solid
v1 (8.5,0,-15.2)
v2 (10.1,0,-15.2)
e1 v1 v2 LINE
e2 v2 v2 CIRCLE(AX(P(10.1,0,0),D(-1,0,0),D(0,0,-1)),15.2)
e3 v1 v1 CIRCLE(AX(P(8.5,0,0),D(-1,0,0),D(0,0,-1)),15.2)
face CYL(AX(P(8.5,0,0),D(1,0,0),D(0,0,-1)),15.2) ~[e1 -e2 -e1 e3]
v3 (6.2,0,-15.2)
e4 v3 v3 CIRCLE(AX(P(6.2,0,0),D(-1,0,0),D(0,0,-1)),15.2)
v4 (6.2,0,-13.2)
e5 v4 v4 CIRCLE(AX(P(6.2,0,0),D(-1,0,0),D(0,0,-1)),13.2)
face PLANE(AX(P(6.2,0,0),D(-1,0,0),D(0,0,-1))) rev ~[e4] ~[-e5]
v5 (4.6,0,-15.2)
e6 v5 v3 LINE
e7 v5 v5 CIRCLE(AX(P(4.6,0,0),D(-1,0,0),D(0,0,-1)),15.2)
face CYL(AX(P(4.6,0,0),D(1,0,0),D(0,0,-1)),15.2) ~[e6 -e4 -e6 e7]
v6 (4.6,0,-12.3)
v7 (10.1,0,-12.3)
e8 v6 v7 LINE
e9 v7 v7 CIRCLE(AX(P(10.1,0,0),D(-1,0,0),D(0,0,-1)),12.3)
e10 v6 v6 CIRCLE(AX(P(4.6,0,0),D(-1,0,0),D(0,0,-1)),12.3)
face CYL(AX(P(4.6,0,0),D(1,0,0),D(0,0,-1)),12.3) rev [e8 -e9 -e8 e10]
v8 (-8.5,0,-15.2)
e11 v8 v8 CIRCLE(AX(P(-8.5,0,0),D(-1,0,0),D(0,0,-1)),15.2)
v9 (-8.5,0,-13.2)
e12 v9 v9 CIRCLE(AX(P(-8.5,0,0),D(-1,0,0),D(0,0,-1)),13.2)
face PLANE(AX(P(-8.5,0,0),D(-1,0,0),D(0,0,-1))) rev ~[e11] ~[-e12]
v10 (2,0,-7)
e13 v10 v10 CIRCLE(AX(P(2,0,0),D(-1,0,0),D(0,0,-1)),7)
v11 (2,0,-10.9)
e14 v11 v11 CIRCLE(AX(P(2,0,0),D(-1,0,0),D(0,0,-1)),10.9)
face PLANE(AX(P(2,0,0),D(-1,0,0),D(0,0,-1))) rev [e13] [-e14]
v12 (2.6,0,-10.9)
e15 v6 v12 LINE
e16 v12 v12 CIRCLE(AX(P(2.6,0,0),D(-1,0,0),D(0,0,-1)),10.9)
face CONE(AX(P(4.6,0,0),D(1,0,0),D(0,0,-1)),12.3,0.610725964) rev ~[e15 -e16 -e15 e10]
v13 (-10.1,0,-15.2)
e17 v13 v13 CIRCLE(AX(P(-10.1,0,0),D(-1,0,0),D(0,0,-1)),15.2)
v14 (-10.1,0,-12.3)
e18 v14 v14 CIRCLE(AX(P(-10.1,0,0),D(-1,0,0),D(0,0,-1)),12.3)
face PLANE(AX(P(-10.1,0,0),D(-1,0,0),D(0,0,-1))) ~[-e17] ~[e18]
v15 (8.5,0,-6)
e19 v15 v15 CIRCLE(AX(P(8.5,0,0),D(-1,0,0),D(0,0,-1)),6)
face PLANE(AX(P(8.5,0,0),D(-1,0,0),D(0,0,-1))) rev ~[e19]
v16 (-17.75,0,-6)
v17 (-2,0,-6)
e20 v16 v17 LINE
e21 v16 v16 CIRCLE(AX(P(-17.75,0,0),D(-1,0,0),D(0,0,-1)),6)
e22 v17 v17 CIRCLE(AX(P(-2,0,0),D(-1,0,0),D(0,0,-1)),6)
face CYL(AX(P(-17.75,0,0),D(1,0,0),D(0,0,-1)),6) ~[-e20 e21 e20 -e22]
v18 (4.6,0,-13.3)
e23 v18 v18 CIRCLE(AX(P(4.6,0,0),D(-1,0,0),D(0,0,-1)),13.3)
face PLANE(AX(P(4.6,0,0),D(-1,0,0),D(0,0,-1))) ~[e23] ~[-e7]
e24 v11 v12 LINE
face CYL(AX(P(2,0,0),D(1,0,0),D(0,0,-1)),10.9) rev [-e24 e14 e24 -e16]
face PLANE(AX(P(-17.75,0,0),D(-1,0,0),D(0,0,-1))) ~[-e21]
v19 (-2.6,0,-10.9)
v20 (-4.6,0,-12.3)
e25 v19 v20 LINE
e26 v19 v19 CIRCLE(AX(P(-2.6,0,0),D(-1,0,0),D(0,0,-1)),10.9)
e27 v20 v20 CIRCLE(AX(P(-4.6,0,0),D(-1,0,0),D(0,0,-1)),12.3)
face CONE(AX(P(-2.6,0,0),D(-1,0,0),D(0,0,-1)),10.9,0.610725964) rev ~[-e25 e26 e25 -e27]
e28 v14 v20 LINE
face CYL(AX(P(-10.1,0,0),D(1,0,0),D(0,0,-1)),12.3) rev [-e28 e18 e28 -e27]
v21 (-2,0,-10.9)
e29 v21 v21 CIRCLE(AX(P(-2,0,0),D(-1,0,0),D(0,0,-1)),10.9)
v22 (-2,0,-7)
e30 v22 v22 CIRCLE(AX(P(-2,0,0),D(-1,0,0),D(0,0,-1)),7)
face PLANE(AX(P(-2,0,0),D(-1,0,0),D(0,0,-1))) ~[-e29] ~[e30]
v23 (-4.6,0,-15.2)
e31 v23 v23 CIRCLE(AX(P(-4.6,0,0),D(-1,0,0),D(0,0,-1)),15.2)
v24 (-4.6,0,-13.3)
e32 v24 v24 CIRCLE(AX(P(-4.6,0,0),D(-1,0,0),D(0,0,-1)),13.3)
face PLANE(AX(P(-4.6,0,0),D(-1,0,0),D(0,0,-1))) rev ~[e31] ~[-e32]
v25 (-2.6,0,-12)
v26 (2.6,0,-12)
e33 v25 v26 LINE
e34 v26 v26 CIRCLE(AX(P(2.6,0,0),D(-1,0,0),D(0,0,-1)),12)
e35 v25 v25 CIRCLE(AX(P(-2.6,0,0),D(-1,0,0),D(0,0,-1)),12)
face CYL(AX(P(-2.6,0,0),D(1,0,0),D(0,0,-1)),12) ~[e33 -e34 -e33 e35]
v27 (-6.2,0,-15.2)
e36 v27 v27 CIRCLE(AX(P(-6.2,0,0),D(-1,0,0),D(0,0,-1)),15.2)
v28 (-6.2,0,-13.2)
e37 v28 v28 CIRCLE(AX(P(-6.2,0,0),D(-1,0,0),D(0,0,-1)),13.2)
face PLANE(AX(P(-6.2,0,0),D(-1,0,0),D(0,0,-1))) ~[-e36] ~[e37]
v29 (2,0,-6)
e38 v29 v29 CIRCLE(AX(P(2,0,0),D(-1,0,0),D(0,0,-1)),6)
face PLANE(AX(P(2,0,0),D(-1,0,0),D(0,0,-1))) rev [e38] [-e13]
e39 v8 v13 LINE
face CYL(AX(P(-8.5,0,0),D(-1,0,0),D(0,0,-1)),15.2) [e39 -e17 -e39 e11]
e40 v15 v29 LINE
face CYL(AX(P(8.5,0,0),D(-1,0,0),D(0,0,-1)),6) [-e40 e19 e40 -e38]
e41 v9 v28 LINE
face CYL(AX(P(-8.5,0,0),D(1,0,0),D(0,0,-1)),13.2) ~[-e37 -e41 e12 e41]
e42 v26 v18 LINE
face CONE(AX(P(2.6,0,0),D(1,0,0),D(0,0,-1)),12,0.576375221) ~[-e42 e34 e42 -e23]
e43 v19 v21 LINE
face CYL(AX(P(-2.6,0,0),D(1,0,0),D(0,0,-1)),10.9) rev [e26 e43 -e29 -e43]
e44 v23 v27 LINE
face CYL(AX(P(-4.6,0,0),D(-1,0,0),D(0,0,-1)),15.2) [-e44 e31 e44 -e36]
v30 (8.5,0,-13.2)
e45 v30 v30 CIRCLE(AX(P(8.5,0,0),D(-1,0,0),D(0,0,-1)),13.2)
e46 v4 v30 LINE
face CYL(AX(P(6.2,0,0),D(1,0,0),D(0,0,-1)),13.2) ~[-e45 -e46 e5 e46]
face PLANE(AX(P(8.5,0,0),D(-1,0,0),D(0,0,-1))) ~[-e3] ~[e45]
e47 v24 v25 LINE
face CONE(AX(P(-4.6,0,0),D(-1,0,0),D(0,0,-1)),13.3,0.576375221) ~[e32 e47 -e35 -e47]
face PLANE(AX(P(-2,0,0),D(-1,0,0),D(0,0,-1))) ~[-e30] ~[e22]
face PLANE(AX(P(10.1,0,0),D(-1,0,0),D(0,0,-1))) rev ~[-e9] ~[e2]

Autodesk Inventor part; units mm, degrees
ref_plane "YZ Plane" through (0, 0, 0) normal (1, 0, 0) x (0, 1, 0)
ref_plane "XZ Plane" through (0, 0, 0) normal (0, 1, 0) x (-1, 0, 0)
ref_plane "XY Plane" through (0, 0, 0) normal (0, 0, 1) x (1, 0, 0)
sketch "Sketch1" plane through (0, 0, 0) normal (0, 1, 0) x (-1, 0, 0)
  line L0 (0, 0) -> (10.1, 0) construction
  line L1 (10.1, 0) -> (10.1, -10.9) construction
  line L2 (10.1, -10.9) -> (0, -10.9) construction
  line L3 (0, -10.9) -> (0, 0) construction
  line L4 (10.1, 0) -> (4.6, 0) construction
  line L5 (4.6, 0) -> (4.6, -12.3) construction
  line L6 (4.6, -12.3) -> (10.1, -12.3) construction
  line L7 (10.1, -12.3) -> (10.1, 0) construction
  line L8 (4.6, -10.9) -> (2.6, -10.9) construction
  line L9 (2.6, -10.9) -> (4.6, -12.3) construction
  line L10 (0, 0) -> (17.75, 0) construction
  line L11 (17.75, 0) -> (17.75, -6) construction
  line L12 (17.75, -6) -> (0, -6) construction
  line L13 (0, -6) -> (0, 0) construction
  line L14 (10.1, 0) -> (8.5, 0) construction
  line L15 (8.5, 0) -> (8.5, -15.2) construction
  line L16 (8.5, -15.2) -> (10.1, -15.2) construction
  line L17 (10.1, -15.2) -> (10.1, 0) construction
  line L18 (8.5, 0) -> (6.2, 0) construction
  line L19 (6.2, 0) -> (6.2, -13.2) construction
  line L20 (6.2, -13.2) -> (8.5, -13.2) construction
  line L21 (8.5, -13.2) -> (8.5, 0) construction
  line L22 (0, 0) -> (0, -12) construction
  line L23 (0, -12) -> (2.6, -12) construction
  line L24 (6.2, 0) -> (4.6, 0) construction
  line L25 (4.6, 0) -> (4.6, -15.2) construction
  line L26 (4.6, -15.2) -> (6.2, -15.2) construction
  line L27 (6.2, -15.2) -> (6.2, 0) construction
  line L28 (4.6, -15.2) -> (4.6, -13.3) construction
  line L29 (4.6, -13.3) -> (2.6, -12) construction
  line L30 (0, 0) -> (-10.1, 0) construction
  line L31 (-10.1, 0) -> (-10.1, -10.9) construction
  line L32 (-10.1, -10.9) -> (0, -10.9) construction
  line L33 (-10.1, 0) -> (-4.6, 0) construction
  line L34 (-4.6, 0) -> (-4.6, -12.3) construction
  line L35 (-4.6, -12.3) -> (-10.1, -12.3) construction
  line L36 (-10.1, -12.3) -> (-10.1, 0) construction
  line L37 (-4.6, -10.9) -> (-2.6, -10.9) construction
  line L38 (-2.6, -10.9) -> (-4.6, -12.3) construction
  line L39 (-10.1, 0) -> (-8.5, 0) construction
  line L40 (-8.5, 0) -> (-8.5, -15.2) construction
  line L41 (-8.5, -15.2) -> (-10.1, -15.2) construction
  line L42 (-10.1, -15.2) -> (-10.1, 0) construction
  line L43 (-8.5, 0) -> (-6.2, 0) construction
  line L44 (-6.2, 0) -> (-6.2, -13.2) construction
  line L45 (-6.2, -13.2) -> (-8.5, -13.2) construction
  line L46 (-8.5, -13.2) -> (-8.5, 0) construction
  line L47 (0, -12) -> (-2.6, -12) construction
  line L48 (-6.2, 0) -> (-4.6, 0) construction
  line L49 (-4.6, 0) -> (-4.6, -15.2) construction
  line L50 (-4.6, -15.2) -> (-6.2, -15.2) construction
  line L51 (-6.2, -15.2) -> (-6.2, 0) construction
  line L52 (-4.6, -15.2) -> (-4.6, -13.3) construction
  line L53 (-4.6, -13.3) -> (-2.6, -12) construction
  line L54 (0, 0) -> (-2, 0) construction
  line L55 (-2, 0) -> (-2, -10.9) construction
  line L56 (-2, -10.9) -> (0, -10.9) construction
  line L57 (0, -10.9) -> (0, 0) construction
  line L58 (0, 0) -> (2, 0) construction
  line L59 (2, 0) -> (2, -10.9) construction
  line L60 (2, -10.9) -> (0, -10.9) construction
  line L61 (0, -10.9) -> (0, 0) construction
  line L62 (0, -6) -> (-8.5, -6) construction
  line L63 (-8.5, -6) -> (-8.5, 0) construction
  line L64 (-8.5, 0) -> (0, 0) construction
  line L65 (0, 0) -> (0, -6) construction
  line L66 (10.1, -12.3) -> (8.5, -12.3) construction
  line L67 (8.5, -12.3) -> (6.2, -12.3) construction
  line L68 (4.6, -12.3) -> (4.6, -13.3) construction
  line L69 (2.6, -12) -> (2.6, -10.9) construction
  line L70 (-2.6, -10.9) -> (-4.6, -12.3) construction
  line L71 (-6.2, -12.3) -> (-8.5, -12.3) construction
  line L72 (-10.1, -12.3) -> (-10.1, -15.2) construction
  line L73 (-8.5, -15.2) -> (-8.5, -13.2) construction
  line L74 (-6.2, -13.2) -> (-6.2, -15.2) construction
  line L75 (10.1, -12.3) -> (4.6, -12.3) construction
  line L76 (2.6, -10.9) -> (2, -10.9) construction
  line L77 (2, -6) -> (17.75, -6) construction
  line L78 (17.75, 0) -> (-8.5, 0) construction
  line L79 (-8.5, -6) -> (-2, -6) construction
  line L80 (-2, -10.9) -> (-2.6, -10.9) construction
  line L81 (-4.6, -12.3) -> (-10.1, -12.3) construction
  line L82 (-10.1, -15.2) -> (-8.5, -15.2) construction
  line L83 (17.75, 0) -> (17.75, -6)
  line L84 (2, -6) -> (2, -10.9)
  line L85 (2.6, -10.9) -> (4.6, -12.3)
  line L86 (10.1, -12.3) -> (10.1, -15.2)
  line L87 (8.5, -15.2) -> (8.5, -13.2)
  line L88 (6.2, -13.2) -> (6.2, -15.2)
  line L89 (4.6, -15.2) -> (4.6, -13.3)
  line L90 (2.6, -12) -> (-2.6, -12)
  line L91 (-4.6, -13.3) -> (-4.6, -15.2)
  line L92 (-6.2, -15.2) -> (-6.2, -13.2)
  line L93 (-8.5, -13.2) -> (-8.5, -15.2)
  line L94 (-10.1, -15.2) -> (-10.1, -12.3)
  line L95 (-6.2, -13.2) -> (-8.5, -13.2)
  line L96 (-2.6, -12) -> (-4.6, -13.3)
  line L97 (-4.6, -12.3) -> (-10.1, -12.3)
  line L98 (4.6, -13.3) -> (2.6, -12)
  line L99 (4.6, -15.2) -> (6.2, -15.2)
  line L100 (-4.6, -12.3) -> (-2.6, -10.9)
  line L101 (-2, -10.9) -> (-2.6, -10.9)
  line L102 (-2, -6) -> (-2, -10.9)
  line L103 (8.5, -13.2) -> (6.2, -13.2)
  line L104 (8.5, -15.2) -> (10.1, -15.2)
  line L105 (10.1, -12.3) -> (4.6, -12.3)
  line L106 (17.75, -6) -> (2, -6)
  line L107 (17.75, 0) -> (-8.5, 0)
  line L108 (-8.5, -6) -> (-8.5, 0)
  line L109 (-8.5, -6) -> (-2, -6)
  line L110 (-4.6, -15.2) -> (-6.2, -15.2)
  line L111 (-8.5, -15.2) -> (-10.1, -15.2)
  line L112 (-2, -6) -> (-8.5, -6)
  line L113 (-8.5, -6) -> (-8.5, -7)
  line L114 (-8.5, -7) -> (-2, -7)
  line L115 (-2, -7) -> (-2, -6)
  line L116 (2, -6) -> (17.75, -6)
  line L117 (17.75, -6) -> (17.75, -7)
  line L118 (17.75, -7) -> (2, -7)
  line L119 (2, -7) -> (2, -6)
  line L120 (2.6, -10.9) -> (2, -10.9)
  dimension "d0" = 10.1
  dimension "d1" = 10.9
  dimension "d2" = 5.5
  dimension "d3" = 12.3
  dimension "d4" = 2
  dimension "d5" = 17.75
  dimension "d6" = 6
  dimension "d7" = 1.6
  dimension "d8" = 15.2
  dimension "d9" = 2.3
  dimension "d10" = 13.2
  dimension "d12" = 12
  dimension "d13" = 2.6
  dimension "d15" = 15.2
  dimension "d16" = 1.9
  dimension "d17" = 2
  dimension "d18" = 2
  dimension "d19" = 1
  dimension "d20" = 1
revolve "Revolution1" add sketch "Sketch1" angle 360 about axis through (0, 0, 0) along (-1, 0, 0) contours L83 L106 L84 L120 L85 L105 L86 L104 L87 L103 L88 L99 L89 L98 L90 L96 L91 L110 L92 L95 L93 L111 L94 L97 L100 L101 L102 L109 L108 L107
sketch "Sketch2" plane through (0, 0, 0) normal (1, 0, 0) x (0, 1, 0)
  line L0 (0, 0) -> (0, 12)
  circle A0 centre (0, 0) radius 12 projected
  line L1 (0, 12) -> (0, 15.2)
  circle A1 centre (0, 0) radius 15.2 projected
  line L2 (-1.5, 15.2) -> (1.5, 15.2)
  line L3 (-1.5, 15.2) -> (0, 15.2)
  line L4 (0, 15.2) -> (0, 0)
  line L5 (0, 0) -> (-1.5, 0)
  line L6 (-1.5, 0) -> (-1.5, 15.2)
  line L7 (0, 0) -> (1.5, 0)
  line L8 (1.5, 0) -> (1.5, 15.2)
  line L9 (1.5, 15.2) -> (0, 15.2)
  line L10 (0, 15.2) -> (0, 0)
  line L11 (0, 0) -> (-12, 0)
  line L12 (-12, 0) -> (-15.2, 0)
  line L13 (-15.2, -1.5) -> (-15.2, 1.5)
  line L14 (-15.2, -1.5) -> (-15.2, 0)
  line L15 (-15.2, 0) -> (0, 0)
  line L16 (0, 0) -> (0, -1.5)
  line L17 (0, -1.5) -> (-15.2, -1.5)
  line L18 (0, 0) -> (0, 1.5)
  line L19 (0, 1.5) -> (-15.2, 1.5)
  line L20 (-15.2, 1.5) -> (-15.2, 0)
  line L21 (-15.2, 0) -> (0, 0)
  line L22 (0, 0) -> (0, -12)
  line L23 (0, -12) -> (0, -15.2)
  line L24 (1.5, -15.2) -> (-1.5, -15.2)
  line L25 (1.5, -15.2) -> (0, -15.2)
  line L26 (0, -15.2) -> (0, 0)
  line L27 (0, 0) -> (1.5, 0)
  line L28 (1.5, 0) -> (1.5, -15.2)
  line L29 (0, 0) -> (-1.5, 0)
  line L30 (-1.5, 0) -> (-1.5, -15.2)
  line L31 (-1.5, -15.2) -> (0, -15.2)
  line L32 (0, -15.2) -> (0, 0)
  line L33 (0, 0) -> (12, 0)
  line L34 (12, 0) -> (15.2, 0)
  line L35 (15.2, 1.5) -> (15.2, -1.5)
  line L36 (15.2, 1.5) -> (15.2, 0)
  line L37 (15.2, 0) -> (0, 0)
  line L38 (0, 0) -> (0, 1.5)
  line L39 (0, 1.5) -> (15.2, 1.5)
  line L40 (0, 0) -> (0, -1.5)
  line L41 (0, -1.5) -> (15.2, -1.5)
  line L42 (15.2, -1.5) -> (15.2, 0)
  line L43 (15.2, 0) -> (0, 0)
  dimension "d22" = 3
  dimension "d25" = 360
properties part number "Wheel Rim"
